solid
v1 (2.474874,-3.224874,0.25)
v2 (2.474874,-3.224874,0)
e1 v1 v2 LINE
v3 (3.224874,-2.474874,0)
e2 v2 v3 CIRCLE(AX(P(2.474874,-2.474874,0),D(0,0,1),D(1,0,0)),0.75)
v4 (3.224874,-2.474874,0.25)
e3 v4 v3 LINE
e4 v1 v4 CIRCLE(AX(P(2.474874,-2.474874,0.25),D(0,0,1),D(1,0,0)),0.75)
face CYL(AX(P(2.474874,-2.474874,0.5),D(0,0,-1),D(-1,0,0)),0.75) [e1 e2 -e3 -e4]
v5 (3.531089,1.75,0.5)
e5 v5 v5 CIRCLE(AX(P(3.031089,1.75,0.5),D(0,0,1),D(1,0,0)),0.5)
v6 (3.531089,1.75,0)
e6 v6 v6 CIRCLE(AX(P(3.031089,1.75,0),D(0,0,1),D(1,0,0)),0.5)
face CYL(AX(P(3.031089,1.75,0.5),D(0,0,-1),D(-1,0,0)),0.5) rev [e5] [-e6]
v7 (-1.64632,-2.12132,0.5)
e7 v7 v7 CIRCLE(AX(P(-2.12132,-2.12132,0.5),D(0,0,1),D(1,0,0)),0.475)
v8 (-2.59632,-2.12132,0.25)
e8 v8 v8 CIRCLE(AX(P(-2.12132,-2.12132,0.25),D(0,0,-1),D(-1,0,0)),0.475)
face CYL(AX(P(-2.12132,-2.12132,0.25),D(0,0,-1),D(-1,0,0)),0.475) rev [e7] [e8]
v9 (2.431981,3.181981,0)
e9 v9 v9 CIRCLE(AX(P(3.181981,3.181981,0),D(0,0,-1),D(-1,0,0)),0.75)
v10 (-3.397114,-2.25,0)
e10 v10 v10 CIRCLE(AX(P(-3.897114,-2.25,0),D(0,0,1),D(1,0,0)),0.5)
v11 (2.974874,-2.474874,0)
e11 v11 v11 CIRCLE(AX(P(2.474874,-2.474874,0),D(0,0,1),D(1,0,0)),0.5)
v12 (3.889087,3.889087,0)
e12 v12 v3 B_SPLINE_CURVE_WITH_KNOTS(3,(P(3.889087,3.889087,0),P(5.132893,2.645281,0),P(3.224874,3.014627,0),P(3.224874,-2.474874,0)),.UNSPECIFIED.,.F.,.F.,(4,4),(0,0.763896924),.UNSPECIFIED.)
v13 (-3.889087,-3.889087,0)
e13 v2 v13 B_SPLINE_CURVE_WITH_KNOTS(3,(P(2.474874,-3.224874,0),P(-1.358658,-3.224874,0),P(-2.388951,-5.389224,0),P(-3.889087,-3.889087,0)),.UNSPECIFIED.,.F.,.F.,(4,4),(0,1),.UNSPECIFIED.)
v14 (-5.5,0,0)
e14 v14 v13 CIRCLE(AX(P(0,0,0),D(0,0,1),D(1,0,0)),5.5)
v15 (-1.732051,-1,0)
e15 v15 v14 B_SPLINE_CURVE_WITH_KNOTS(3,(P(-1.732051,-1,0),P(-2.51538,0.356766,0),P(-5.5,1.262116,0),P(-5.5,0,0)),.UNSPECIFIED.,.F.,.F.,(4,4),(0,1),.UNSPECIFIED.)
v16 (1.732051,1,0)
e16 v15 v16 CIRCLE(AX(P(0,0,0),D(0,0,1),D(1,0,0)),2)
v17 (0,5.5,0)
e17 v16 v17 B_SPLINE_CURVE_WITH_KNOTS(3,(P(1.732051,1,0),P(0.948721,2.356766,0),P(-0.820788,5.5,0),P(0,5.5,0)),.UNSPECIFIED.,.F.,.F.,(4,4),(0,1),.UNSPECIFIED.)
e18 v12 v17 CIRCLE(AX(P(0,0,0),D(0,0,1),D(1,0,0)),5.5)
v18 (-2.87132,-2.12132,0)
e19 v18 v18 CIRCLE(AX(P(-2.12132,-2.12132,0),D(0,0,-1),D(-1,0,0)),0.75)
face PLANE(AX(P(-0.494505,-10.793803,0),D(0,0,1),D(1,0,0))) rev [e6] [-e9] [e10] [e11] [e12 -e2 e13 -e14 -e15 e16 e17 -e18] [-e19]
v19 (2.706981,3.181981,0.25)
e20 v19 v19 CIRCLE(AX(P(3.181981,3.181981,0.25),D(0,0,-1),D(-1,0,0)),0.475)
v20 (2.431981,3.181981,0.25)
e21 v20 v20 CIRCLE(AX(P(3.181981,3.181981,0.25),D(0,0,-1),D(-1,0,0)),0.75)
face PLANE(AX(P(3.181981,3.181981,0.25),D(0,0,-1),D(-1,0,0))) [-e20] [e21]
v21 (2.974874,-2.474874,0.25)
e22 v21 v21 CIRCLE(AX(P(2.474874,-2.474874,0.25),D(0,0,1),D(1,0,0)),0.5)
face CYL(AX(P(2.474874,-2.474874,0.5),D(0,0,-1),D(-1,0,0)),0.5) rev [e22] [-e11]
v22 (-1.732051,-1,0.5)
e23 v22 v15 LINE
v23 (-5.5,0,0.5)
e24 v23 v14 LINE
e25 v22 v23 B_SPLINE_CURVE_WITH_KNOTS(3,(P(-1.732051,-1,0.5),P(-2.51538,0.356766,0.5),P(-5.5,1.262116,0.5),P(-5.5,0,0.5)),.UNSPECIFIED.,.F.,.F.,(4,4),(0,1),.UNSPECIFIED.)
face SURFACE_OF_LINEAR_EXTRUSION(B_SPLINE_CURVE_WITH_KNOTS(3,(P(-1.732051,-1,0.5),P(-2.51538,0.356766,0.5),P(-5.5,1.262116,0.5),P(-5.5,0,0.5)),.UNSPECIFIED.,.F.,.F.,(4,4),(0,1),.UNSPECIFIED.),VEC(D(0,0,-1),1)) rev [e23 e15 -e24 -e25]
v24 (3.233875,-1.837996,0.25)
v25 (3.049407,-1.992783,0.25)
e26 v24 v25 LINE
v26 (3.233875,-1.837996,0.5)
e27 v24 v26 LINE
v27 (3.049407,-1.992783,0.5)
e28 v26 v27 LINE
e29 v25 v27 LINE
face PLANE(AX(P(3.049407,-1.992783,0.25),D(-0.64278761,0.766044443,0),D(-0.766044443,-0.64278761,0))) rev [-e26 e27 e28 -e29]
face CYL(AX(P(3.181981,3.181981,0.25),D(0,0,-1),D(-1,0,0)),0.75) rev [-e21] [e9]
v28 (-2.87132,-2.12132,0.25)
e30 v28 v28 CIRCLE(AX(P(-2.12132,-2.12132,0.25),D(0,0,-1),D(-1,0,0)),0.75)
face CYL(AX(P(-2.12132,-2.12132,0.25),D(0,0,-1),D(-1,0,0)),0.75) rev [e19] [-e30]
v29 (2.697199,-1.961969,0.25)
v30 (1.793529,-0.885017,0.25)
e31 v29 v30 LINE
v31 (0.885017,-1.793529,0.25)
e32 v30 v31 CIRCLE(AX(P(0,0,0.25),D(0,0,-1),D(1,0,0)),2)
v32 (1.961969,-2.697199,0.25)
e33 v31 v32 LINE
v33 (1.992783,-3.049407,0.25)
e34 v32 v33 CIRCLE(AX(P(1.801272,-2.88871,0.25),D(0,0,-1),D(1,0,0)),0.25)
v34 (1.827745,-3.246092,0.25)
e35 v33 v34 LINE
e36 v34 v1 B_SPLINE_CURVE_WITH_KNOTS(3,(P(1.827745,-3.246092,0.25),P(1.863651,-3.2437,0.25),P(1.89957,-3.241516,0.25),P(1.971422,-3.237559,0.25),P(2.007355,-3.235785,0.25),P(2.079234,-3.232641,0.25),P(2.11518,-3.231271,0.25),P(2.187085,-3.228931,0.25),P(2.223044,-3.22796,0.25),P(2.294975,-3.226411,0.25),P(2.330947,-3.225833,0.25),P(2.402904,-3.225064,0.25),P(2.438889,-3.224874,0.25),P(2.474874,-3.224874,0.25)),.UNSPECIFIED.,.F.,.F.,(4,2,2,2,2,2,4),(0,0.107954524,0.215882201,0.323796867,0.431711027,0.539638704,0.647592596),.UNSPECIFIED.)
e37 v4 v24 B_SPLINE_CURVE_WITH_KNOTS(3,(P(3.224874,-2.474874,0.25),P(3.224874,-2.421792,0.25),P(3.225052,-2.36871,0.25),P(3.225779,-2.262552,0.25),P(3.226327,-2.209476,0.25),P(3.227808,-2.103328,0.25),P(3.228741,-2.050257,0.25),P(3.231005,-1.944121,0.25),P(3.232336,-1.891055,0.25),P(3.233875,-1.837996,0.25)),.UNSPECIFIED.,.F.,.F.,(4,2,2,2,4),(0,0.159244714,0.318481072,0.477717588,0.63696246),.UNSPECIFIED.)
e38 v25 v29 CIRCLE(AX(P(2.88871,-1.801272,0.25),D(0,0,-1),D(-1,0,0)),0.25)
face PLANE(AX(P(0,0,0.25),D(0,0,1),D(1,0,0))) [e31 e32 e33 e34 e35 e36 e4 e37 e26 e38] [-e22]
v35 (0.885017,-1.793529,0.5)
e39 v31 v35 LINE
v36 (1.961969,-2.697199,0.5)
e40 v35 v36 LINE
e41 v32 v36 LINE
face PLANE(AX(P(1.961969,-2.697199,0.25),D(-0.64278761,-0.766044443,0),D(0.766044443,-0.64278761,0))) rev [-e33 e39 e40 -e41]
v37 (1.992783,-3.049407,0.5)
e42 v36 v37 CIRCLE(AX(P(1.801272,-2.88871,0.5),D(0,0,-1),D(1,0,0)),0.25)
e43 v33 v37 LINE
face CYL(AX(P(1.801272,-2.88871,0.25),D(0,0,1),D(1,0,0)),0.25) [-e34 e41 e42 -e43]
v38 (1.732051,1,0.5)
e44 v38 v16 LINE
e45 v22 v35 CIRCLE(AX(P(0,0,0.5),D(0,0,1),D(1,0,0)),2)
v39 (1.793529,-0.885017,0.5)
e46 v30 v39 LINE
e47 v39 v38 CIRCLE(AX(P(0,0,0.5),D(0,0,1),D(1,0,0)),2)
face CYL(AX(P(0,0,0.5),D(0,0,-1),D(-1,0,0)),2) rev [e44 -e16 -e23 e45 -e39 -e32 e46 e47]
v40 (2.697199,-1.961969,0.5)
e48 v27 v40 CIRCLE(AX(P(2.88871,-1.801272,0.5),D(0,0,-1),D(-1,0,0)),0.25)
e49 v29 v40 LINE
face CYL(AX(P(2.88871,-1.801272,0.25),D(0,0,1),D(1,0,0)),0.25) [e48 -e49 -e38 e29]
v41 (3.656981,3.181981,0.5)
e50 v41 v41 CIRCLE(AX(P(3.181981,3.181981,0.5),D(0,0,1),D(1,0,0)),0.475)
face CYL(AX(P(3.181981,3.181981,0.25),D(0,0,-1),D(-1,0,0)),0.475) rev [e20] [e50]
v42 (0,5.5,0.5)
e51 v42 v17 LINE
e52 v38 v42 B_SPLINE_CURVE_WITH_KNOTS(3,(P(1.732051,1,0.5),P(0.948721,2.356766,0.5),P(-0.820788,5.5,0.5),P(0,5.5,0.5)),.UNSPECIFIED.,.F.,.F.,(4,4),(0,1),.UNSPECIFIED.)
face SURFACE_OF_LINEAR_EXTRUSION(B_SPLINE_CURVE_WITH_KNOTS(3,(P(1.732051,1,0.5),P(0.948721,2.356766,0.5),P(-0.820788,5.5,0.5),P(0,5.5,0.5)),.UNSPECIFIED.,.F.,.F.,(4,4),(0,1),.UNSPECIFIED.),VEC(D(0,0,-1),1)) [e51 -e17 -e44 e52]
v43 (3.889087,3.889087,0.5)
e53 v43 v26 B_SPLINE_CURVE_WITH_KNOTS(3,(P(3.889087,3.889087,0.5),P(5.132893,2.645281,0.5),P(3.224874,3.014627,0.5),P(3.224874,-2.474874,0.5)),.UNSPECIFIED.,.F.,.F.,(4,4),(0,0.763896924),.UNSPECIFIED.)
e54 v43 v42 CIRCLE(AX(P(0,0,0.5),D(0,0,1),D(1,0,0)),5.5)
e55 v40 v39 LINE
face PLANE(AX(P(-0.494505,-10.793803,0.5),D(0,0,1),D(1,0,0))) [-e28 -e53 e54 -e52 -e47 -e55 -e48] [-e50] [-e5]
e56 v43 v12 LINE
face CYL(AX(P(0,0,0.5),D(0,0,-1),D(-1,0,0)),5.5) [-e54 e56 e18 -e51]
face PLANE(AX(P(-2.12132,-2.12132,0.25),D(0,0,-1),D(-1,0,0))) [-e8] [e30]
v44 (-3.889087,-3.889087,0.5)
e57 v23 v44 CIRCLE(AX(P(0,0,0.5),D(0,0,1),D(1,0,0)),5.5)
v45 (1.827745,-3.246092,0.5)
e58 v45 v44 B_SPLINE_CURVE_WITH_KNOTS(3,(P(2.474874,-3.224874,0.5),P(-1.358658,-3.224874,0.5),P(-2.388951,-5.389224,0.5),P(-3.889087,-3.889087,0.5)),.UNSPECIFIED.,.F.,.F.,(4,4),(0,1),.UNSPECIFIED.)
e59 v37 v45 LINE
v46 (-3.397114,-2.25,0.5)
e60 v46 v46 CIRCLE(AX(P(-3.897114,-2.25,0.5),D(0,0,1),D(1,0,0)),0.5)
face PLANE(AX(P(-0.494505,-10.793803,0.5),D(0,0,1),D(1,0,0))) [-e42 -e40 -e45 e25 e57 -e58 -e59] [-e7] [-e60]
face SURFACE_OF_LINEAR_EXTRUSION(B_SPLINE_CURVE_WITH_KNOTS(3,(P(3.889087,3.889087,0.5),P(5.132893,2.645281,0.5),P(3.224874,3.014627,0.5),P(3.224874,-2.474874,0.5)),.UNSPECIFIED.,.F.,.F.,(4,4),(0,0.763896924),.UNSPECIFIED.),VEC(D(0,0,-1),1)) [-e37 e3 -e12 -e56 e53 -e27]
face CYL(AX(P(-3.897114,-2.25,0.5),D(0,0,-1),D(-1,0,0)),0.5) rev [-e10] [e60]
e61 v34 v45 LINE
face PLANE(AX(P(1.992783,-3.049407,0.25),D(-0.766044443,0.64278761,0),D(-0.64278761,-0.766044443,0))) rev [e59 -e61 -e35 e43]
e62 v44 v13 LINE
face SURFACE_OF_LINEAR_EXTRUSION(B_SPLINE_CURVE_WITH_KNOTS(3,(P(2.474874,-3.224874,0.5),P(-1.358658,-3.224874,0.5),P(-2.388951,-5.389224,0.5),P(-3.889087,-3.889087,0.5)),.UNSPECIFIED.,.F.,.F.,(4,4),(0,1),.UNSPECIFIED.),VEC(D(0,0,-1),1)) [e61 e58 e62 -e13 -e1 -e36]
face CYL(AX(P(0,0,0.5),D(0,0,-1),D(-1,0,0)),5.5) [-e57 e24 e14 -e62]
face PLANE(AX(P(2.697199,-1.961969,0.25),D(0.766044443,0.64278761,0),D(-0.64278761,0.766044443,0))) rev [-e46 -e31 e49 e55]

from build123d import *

# Parameters (mm, degrees)
CROQUIS1_R                   = 0.5
SALIENTE_EXTRUIR1_DEPTH      = 0.5
CROQUIS3_R                   = 0.75
CORTAR_EXTRUIR1_DEPTH        = 0.25
CORTAR_EXTRUIR2_DEPTH        = 0.25
TALADRO_ROSCADO_M1_2X0_251_D = 0.95


with BuildPart() as part:
    # Croquis1 → Saliente-Extruir1 (new body)
    with BuildSketch(Plane.XY):
        with BuildLine():
            add(Edge.make_bspline(
                [(3.889087297, 3.889087297), (5.132893433, 2.64528116), (3.224873734, 3.014627212), (3.224873734, -2.474873734)],
                knots=[0, 0, 0, 0, 0.763896924, 0.763896924, 0.763896924, 0.763896924], degree=3))
            ThreePointArc((3.889087297, 3.889087297), (2.104758878, 5.081337429), (0, 5.5))
            add(Edge.make_bspline(
                [(1.732050808, 1), (0.948721344, 2.35676643), (-0.820788378, 5.5), (0, 5.5)],
                knots=[0, 0, 0, 0, 1, 1, 1, 1], degree=3))
            ThreePointArc((1.732050808, 1), (1, -1.732050808), (-1.732050808, -1))
            add(Edge.make_bspline(
                [(-1.732050808, -1), (-2.515380271, 0.35676643), (-5.5, 1.262116296), (-5.5, 0)],
                knots=[0, 0, 0, 0, 1, 1, 1, 1], degree=3))
            ThreePointArc((-5.5, 0), (-5.081337429, -2.104758878), (-3.889087297, -3.889087297))
            add(Edge.make_bspline(
                [(2.474873734, -3.224873734), (-1.35865781, -3.224873734), (-2.388951019, -5.389223574), (-3.889087297, -3.889087297)],
                knots=[0, 0, 0, 0, 1, 1, 1, 1], degree=3))
            ThreePointArc((2.474873734, -3.224873734), (3.00520382, -3.00520382), (3.224873734, -2.474873734))
        make_face()
        with Locations((-3.897114317, -2.25)):
            Circle(CROQUIS1_R, mode=Mode.SUBTRACT)
        with Locations((2.474873734, -2.474873734)):
            Circle(CROQUIS1_R, mode=Mode.SUBTRACT)
        with Locations((3.031088913, 1.75)):
            Circle(CROQUIS1_R, mode=Mode.SUBTRACT)
    extrude(amount=SALIENTE_EXTRUIR1_DEPTH)

    # Croquis3 → Cortar-Extruir1 (cut)
    with BuildSketch(Plane(origin=(0, 0, 0), x_dir=(-1, 0, 0), z_dir=(0, 0, -1))):
        with Locations((-3.181980515, 3.181980515)):
            Circle(CROQUIS3_R)
        with Locations((2.121320344, -2.121320344)):
            Circle(CROQUIS3_R)
    extrude(amount=-CORTAR_EXTRUIR1_DEPTH, mode=Mode.SUBTRACT)

    # Croquis4 → Cortar-Extruir2 (cut)
    with BuildSketch(Plane.XY.offset(0.5)):
        with BuildLine():
            Line((2.697199053, -1.961968819), (1.793528827, -0.88501658))
            ThreePointArc((1.793528827, -0.88501658), (1.414213562, -1.414213562), (0.88501658, -1.793528827))
            Line((0.88501658, -1.793528827), (1.961968819, -2.697199053))
            ThreePointArc((1.961968819, -2.697199053), (2.050320591, -2.866921228), (1.992783027, -3.049407066))
            Line((1.992783027, -3.049407066), (1.827745002, -3.246091726))
            add(Edge.make_bspline(
                [(2.474873734, -3.224873734), (2.249714916, -3.224873734), (2.034226396, -3.232340066), (1.827745002, -3.246091726)],
                knots=[0, 0, 0, 0, 0.058734046, 0.058734046, 0.058734046, 0.058734046], degree=3))
            ThreePointArc((2.474873734, -3.224873734), (3.00520382, -3.00520382), (3.224873734, -2.474873734))
            add(Edge.make_bspline(
                [(3.233875287, -1.837995811), (3.227985327, -2.041061917), (3.224873734, -2.253190531), (3.224873734, -2.474873734)],
                knots=[0.733048379, 0.733048379, 0.733048379, 0.733048379, 0.763896924, 0.763896924, 0.763896924, 0.763896924], degree=3))
            Line((3.233875287, -1.837995811), (3.049407066, -1.992783027))
            ThreePointArc((3.049407066, -1.992783027), (2.866921228, -2.050320591), (2.697199053, -1.961968819))
        make_face()
    extrude(amount=-CORTAR_EXTRUIR2_DEPTH, mode=Mode.SUBTRACT)

    # Taladro roscado M1.2x0.251 (through all)
    with Locations(Plane(origin=(0, 0, 0.25), x_dir=(-1, 0, 0), z_dir=(0, 0, -1))):
        with Locations((2.121320344, -2.121320344), (-3.181980515, 3.181980515)):
            Hole(TALADRO_ROSCADO_M1_2X0_251_D / 2)


solid = part.part
